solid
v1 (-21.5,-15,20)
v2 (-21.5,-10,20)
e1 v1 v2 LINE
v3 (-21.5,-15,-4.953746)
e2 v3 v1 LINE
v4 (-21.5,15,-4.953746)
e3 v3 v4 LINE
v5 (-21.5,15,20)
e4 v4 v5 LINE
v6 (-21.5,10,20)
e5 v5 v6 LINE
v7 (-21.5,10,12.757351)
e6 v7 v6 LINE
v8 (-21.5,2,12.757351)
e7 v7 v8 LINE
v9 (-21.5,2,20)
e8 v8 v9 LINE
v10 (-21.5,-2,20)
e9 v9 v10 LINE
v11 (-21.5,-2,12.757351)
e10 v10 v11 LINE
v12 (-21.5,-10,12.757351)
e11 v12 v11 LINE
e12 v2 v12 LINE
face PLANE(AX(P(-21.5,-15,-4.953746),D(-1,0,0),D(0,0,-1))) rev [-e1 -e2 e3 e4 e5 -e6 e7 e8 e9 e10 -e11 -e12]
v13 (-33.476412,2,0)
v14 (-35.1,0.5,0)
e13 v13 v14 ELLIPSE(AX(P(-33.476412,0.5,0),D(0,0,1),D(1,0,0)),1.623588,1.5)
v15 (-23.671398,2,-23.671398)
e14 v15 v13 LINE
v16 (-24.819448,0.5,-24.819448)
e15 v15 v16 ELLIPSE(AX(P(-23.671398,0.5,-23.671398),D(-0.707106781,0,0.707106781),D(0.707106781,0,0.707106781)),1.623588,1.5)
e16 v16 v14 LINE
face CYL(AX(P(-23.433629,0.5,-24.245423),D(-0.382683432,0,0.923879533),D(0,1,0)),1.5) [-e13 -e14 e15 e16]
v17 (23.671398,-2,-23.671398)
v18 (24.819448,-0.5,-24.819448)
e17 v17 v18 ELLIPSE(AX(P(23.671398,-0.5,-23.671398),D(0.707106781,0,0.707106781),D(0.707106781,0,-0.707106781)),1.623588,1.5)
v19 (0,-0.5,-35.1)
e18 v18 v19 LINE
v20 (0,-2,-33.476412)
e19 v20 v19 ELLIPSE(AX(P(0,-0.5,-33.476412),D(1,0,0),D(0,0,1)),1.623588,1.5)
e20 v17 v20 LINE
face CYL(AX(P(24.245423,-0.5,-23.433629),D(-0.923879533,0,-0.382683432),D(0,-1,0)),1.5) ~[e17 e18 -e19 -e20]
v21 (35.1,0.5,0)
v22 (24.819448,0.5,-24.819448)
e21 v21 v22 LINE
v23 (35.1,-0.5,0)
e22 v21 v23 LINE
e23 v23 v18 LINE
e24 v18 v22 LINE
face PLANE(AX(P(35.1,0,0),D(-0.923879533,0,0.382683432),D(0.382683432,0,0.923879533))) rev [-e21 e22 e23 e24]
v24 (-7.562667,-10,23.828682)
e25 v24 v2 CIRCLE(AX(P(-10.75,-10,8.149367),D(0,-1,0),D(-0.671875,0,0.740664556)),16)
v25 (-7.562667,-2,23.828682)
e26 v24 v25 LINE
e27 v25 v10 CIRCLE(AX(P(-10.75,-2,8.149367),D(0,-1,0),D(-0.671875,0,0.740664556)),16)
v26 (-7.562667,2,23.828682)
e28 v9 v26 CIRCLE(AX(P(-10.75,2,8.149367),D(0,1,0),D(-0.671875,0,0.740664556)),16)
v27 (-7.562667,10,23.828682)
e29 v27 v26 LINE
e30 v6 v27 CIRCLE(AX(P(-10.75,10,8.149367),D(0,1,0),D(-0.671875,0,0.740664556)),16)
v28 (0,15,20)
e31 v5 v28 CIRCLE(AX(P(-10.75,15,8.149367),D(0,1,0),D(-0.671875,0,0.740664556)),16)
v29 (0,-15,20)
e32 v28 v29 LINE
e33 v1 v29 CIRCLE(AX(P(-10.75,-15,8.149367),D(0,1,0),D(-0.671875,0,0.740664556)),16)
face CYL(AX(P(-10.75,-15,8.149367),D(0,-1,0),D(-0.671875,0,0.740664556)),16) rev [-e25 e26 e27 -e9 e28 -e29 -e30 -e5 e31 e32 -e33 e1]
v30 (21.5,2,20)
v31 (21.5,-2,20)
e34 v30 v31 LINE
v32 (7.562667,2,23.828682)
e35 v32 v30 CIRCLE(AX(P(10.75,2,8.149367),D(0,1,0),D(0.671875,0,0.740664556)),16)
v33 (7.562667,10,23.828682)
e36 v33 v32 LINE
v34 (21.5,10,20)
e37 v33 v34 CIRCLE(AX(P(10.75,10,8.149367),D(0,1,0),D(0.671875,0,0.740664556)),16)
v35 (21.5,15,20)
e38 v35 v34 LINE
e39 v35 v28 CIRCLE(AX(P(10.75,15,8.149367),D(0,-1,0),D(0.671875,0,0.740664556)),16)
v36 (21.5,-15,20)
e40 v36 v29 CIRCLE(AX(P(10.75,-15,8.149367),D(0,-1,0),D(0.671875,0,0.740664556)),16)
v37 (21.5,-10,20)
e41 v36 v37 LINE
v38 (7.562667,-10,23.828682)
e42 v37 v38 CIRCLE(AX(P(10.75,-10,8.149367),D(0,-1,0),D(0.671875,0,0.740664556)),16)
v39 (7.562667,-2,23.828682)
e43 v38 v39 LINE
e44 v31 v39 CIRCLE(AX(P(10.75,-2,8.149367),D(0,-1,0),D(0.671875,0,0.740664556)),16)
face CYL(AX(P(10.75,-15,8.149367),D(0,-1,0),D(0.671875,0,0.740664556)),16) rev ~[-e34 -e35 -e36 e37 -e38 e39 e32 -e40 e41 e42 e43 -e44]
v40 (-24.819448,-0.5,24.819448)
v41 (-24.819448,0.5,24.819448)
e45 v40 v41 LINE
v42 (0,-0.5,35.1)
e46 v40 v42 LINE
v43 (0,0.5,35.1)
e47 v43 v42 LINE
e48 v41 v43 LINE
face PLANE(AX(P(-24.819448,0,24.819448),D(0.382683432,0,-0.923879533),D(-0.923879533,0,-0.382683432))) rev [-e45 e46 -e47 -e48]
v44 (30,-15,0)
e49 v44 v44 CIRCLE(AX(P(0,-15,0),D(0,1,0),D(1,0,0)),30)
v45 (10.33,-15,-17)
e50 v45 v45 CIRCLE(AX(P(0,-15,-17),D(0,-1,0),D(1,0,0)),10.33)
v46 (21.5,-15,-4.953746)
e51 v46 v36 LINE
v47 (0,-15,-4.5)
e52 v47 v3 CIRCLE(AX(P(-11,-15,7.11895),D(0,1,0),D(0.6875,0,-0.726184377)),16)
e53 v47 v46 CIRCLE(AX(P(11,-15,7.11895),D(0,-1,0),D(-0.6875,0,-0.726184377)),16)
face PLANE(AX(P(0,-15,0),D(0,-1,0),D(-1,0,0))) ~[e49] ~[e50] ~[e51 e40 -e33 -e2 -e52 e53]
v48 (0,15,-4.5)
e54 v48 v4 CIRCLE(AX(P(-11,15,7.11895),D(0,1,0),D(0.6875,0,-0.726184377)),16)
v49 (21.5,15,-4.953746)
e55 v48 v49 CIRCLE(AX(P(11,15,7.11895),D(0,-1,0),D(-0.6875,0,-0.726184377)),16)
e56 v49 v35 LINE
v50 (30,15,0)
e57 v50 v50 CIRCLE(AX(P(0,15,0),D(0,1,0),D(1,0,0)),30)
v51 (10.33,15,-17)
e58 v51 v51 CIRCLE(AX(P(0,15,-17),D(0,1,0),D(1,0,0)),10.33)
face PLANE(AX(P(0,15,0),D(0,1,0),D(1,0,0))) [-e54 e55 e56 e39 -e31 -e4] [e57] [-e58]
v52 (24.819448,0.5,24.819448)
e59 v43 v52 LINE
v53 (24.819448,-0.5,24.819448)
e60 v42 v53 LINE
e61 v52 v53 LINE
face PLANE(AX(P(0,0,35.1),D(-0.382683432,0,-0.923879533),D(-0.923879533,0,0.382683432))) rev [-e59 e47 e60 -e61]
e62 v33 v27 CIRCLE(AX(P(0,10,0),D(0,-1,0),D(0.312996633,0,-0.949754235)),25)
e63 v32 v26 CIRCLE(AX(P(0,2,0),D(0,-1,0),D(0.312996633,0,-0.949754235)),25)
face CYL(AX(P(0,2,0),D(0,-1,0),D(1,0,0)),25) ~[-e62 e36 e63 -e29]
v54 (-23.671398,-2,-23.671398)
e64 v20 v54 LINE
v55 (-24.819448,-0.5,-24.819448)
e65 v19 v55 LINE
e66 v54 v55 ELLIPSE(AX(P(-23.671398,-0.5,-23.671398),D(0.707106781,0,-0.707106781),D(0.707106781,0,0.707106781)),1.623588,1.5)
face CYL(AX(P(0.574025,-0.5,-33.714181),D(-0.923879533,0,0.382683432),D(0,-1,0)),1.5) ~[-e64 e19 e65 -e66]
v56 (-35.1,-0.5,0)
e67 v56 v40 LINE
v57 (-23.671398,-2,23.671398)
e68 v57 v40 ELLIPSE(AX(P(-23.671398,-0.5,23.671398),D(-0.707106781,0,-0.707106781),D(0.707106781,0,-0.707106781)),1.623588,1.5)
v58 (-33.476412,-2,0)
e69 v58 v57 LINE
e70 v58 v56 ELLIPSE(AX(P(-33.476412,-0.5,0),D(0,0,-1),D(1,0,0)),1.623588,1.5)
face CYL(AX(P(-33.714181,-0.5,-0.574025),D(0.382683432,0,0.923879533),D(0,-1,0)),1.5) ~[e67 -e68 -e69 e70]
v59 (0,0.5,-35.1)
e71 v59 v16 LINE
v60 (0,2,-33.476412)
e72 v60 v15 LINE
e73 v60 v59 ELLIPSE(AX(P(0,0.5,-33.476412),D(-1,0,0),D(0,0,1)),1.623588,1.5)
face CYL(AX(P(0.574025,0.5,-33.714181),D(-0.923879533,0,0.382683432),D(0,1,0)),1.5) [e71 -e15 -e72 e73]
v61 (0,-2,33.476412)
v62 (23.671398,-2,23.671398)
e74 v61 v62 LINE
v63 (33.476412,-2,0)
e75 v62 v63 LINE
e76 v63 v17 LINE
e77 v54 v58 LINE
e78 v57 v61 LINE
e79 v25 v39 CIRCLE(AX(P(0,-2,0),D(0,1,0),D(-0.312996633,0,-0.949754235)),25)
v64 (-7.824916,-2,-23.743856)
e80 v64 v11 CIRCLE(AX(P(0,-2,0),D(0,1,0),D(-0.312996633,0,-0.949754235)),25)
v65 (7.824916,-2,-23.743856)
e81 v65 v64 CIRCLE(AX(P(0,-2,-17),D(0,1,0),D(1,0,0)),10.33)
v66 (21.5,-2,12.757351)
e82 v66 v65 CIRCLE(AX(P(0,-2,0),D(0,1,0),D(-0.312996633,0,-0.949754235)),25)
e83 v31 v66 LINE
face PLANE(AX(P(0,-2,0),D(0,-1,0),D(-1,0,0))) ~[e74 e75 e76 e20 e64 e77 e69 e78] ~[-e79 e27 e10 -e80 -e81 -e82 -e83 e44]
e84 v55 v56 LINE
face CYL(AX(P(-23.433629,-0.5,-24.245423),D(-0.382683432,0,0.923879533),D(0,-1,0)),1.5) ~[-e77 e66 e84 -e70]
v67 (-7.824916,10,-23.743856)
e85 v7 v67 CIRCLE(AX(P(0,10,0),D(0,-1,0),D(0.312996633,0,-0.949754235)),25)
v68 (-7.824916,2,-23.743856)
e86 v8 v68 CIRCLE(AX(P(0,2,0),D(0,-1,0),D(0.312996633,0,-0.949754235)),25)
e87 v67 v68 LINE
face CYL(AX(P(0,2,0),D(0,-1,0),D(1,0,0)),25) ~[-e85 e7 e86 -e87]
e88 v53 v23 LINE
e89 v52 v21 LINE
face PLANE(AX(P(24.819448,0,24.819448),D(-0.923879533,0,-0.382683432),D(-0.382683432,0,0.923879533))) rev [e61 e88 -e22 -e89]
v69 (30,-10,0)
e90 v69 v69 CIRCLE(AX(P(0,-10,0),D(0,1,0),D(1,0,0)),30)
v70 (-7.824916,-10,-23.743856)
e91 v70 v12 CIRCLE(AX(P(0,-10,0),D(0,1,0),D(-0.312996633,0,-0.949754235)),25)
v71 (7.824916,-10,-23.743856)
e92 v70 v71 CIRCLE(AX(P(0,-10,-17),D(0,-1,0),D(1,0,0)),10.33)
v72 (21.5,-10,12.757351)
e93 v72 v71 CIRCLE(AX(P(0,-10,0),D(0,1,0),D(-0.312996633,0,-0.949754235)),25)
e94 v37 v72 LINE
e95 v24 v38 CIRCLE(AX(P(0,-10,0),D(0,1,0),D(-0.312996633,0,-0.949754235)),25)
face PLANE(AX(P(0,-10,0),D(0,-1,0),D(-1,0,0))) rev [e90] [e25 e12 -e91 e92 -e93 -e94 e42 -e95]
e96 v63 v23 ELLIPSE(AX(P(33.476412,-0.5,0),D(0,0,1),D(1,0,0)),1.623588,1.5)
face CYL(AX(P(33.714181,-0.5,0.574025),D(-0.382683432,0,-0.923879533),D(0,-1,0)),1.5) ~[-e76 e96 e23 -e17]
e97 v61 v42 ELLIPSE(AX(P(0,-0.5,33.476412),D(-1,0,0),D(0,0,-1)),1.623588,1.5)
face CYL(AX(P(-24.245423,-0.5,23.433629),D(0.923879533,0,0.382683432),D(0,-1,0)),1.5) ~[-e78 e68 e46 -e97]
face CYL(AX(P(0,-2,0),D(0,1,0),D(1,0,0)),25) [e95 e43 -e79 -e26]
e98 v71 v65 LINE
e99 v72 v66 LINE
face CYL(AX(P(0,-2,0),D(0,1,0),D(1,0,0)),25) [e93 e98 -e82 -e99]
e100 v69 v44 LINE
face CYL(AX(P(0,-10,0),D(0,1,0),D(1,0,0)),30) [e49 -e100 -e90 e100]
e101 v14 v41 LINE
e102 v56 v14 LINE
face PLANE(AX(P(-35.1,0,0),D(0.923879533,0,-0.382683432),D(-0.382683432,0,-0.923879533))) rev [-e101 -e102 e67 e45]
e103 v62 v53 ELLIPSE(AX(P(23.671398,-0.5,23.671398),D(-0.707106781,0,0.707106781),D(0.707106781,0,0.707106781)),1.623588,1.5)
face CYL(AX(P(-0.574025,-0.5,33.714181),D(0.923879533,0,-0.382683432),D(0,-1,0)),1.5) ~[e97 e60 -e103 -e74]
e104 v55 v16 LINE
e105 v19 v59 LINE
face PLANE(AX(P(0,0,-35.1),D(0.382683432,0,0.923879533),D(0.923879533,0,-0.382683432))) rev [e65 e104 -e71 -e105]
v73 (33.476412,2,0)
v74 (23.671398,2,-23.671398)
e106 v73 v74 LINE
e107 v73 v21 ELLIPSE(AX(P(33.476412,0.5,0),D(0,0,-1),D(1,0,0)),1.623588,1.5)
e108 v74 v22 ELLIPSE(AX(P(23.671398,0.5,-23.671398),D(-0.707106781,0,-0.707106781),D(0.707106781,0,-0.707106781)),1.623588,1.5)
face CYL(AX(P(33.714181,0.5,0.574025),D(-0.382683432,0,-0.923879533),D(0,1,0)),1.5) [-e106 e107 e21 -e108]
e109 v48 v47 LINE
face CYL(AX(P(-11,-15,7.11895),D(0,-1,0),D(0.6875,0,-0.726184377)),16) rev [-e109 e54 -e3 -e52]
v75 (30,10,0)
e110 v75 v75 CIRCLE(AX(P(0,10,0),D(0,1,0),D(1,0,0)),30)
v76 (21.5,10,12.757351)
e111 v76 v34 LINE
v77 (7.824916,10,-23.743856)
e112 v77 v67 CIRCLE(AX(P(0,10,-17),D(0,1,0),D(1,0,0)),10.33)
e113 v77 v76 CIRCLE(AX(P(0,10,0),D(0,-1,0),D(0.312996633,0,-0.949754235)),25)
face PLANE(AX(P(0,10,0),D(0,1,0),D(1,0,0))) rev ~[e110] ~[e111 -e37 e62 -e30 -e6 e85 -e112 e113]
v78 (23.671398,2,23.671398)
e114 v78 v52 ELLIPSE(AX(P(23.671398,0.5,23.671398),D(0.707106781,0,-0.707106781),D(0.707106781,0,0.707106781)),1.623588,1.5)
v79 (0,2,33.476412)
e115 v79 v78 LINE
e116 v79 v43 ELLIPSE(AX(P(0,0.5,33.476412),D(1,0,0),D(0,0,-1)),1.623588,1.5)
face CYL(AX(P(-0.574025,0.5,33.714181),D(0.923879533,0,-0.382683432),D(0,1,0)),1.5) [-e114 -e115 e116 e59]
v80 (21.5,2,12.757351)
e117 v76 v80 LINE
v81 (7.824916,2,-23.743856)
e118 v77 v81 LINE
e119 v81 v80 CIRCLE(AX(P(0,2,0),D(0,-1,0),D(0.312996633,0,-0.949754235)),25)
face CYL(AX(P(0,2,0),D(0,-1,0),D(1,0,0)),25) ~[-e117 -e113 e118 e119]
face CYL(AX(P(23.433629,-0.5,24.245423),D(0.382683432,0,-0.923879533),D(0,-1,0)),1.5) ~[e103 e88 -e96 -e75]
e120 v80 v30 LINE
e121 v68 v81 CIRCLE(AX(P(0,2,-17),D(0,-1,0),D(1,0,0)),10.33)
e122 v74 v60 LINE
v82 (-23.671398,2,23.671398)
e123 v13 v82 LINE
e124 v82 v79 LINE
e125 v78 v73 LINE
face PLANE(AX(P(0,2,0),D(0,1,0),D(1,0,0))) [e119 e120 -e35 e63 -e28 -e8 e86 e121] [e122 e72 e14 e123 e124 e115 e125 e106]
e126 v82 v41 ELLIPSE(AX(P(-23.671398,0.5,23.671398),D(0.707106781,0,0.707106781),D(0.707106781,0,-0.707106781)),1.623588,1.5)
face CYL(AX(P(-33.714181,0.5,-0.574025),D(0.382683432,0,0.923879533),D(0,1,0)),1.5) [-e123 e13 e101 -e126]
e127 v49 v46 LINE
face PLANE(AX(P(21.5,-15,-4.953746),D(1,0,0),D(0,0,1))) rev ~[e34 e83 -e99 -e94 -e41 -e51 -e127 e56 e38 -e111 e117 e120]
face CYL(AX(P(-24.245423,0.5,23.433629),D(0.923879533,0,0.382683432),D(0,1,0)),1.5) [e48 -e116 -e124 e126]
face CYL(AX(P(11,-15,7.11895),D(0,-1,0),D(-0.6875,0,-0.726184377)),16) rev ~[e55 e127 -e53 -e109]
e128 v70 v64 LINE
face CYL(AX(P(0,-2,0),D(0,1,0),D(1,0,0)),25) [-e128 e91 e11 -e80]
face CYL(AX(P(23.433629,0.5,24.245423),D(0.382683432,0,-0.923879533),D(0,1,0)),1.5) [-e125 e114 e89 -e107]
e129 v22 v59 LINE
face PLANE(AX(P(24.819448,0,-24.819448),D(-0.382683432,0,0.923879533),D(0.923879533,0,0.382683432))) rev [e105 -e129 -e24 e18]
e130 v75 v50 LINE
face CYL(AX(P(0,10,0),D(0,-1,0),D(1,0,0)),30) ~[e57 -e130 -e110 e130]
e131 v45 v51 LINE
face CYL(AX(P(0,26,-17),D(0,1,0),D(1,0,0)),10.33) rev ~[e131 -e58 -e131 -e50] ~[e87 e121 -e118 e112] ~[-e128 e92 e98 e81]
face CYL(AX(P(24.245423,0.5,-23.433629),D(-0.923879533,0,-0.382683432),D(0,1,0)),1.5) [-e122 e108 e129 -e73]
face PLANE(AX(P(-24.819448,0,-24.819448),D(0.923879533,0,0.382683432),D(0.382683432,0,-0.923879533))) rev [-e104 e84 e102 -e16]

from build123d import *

# Parameters (mm, degrees)
BOSS_EXTRUDE1_DEPTH  = 2
SKETCH12_R           = 25
BOSS_EXTRUDE2_DEPTH  = 8
CUT_EXTRUDE6_START   = -36
SKETCH17_R           = 10.33
CUT_EXTRUDE6_DEPTH   = 45.856111051
SKETCH25_R           = 30
BOSS_EXTRUDE3_DEPTH  = 5
CUT_EXTRUDE9_START   = -5
SKETCH26_R           = 10.33
CUT_EXTRUDE9_DEPTH   = 5
CUT_EXTRUDE10_DEPTH  = 45
FILLET3_R            = 1.5
MIRROR9_COPY_1_DEPTH = 45
FILLET3_OF_MIRROR9_R = 1.5
CUT_EXTRUDE11_START  = -5
SKETCH29_R           = 10.33
CUT_EXTRUDE11_DEPTH  = 5


with BuildPart() as part:
    # Sketch3 → Boss-Extrude1 (new body)
    with BuildSketch(Plane(origin=(0, 0, 0), x_dir=(1, 0, 0), z_dir=(0, 1, 0))):
        Polygon((35.1, 0), (24.81944802, 24.81944802), (0, 35.1), (-24.81944802, 24.81944802), (-35.1, 0), (-24.81944802, -24.81944802), (0, -35.1), (24.81944802, -24.81944802), align=None)
    boss_extrude1 = extrude(amount=BOSS_EXTRUDE1_DEPTH)

    # Sketch12 → Boss-Extrude2 (add)
    with BuildSketch(Plane(origin=(0, 2, 0), x_dir=(1, 0, 0), z_dir=(0, 1, 0))):
        Circle(SKETCH12_R)
    boss_extrude2 = extrude(amount=BOSS_EXTRUDE2_DEPTH)

    # Sketch17 → Cut-Extrude6 (cut)
    with BuildSketch(Plane(origin=(0, 10, 0), x_dir=(1, 0, 0), z_dir=(0, 1, 0)).offset(CUT_EXTRUDE6_START)):
        with Locations((0, 17)):
            Circle(SKETCH17_R)
    cut_extrude6 = extrude(amount=CUT_EXTRUDE6_DEPTH, mode=Mode.SUBTRACT)

    # Sketch25 → Boss-Extrude3 (add)
    with BuildSketch(Plane(origin=(0, 10, 0), x_dir=(1, 0, 0), z_dir=(0, 1, 0))):
        Circle(SKETCH25_R)
    boss_extrude3 = extrude(amount=BOSS_EXTRUDE3_DEPTH)

    # Sketch26 → Cut-Extrude9 (cut)
    with BuildSketch(Plane(origin=(0, 15, 0), x_dir=(1, 0, 0), z_dir=(0, 1, 0)).offset(CUT_EXTRUDE9_START)):
        with Locations((0, 17)):
            Circle(SKETCH26_R)
    extrude(amount=CUT_EXTRUDE9_DEPTH, mode=Mode.SUBTRACT)

    # Sketch27 → Cut-Extrude10 (cut)
    with BuildSketch(Plane(origin=(0, 15, 0), x_dir=(1, 0, 0), z_dir=(0, 1, 0))):
        with BuildLine():
            Line((0, -20), (0, 4.5))
            ThreePointArc((0, 4.5), (-10.662403413, 8.877487957), (-21.5, 4.953746429))
            Line((-21.5, 4.953746429), (-21.5, -20))
            ThreePointArc((-21.5, -20), (-10.75, -24.149367106), (0, -20))
        make_face()
    cut_extrude10 = extrude(amount=-CUT_EXTRUDE10_DEPTH, mode=Mode.SUBTRACT)

    # Mirror8: Cut-Extrude10 across plane
    add(cut_extrude10.mirror(Plane.ZY), mode=Mode.SUBTRACT)

    # Fillet3
    fillet3_edges = [part.edges().sort_by_distance(p)[0] for p in [
        (12.40972401, 2, 29.95972401),
        (29.95972401, 2, 12.40972401),
        (-12.40972401, 2, 29.95972401),
        (-29.95972401, 2, 12.40972401),
        (-29.95972401, 2, -12.40972401),
        (29.95972401, 2, -12.40972401),
        (-12.40972401, 2, -29.95972401),
        (12.40972401, 2, -29.95972401),
    ]]
    fillet(fillet3_edges, radius=FILLET3_R)

    # Mirror9: Boss-Extrude1, Boss-Extrude2, Cut-Extrude6, Boss-Extrude3, Cut-Extrude10 across plane
    add(boss_extrude1.mirror(Plane.ZX))
    add(boss_extrude2.mirror(Plane.ZX))
    add(cut_extrude6.mirror(Plane.ZX), mode=Mode.SUBTRACT)
    add(boss_extrude3.mirror(Plane.ZX))
    add(cut_extrude10.mirror(Plane.ZX), mode=Mode.SUBTRACT)

    # Mirror9 copy 1 sketch → Mirror9 copy 1 (cut)
    with BuildSketch(Plane(origin=(0, -15, 0), x_dir=(-1, 0, 0), z_dir=(0, -1, 0))):
        with BuildLine():
            Line((0, -20), (0, 4.5))
            ThreePointArc((0, 4.5), (-10.662403413, 8.877487957), (-21.5, 4.953746429))
            Line((-21.5, 4.953746429), (-21.5, -20))
            ThreePointArc((-21.5, -20), (-10.75, -24.149367106), (0, -20))
        make_face()
    extrude(amount=-MIRROR9_COPY_1_DEPTH, mode=Mode.SUBTRACT)

    # Fillet3 of Mirror9
    fillet3_of_mirror9_edges = [part.edges().sort_by_distance(p)[0] for p in [
        (12.40972401, -2, 29.95972401),
        (29.95972401, -2, 12.40972401),
        (-12.40972401, -2, 29.95972401),
        (-29.95972401, -2, 12.40972401),
        (-29.95972401, -2, -12.40972401),
        (29.95972401, -2, -12.40972401),
        (-12.40972401, -2, -29.95972401),
        (12.40972401, -2, -29.95972401),
    ]]
    fillet(fillet3_of_mirror9_edges, radius=FILLET3_OF_MIRROR9_R)

    # Sketch29 → Cut-Extrude11 (cut)
    with BuildSketch(Plane.XZ.offset(15).offset(CUT_EXTRUDE11_START)):
        with Locations((0, -17)):
            Circle(SKETCH29_R)
    extrude(amount=CUT_EXTRUDE11_DEPTH, mode=Mode.SUBTRACT)


solid = part.part
